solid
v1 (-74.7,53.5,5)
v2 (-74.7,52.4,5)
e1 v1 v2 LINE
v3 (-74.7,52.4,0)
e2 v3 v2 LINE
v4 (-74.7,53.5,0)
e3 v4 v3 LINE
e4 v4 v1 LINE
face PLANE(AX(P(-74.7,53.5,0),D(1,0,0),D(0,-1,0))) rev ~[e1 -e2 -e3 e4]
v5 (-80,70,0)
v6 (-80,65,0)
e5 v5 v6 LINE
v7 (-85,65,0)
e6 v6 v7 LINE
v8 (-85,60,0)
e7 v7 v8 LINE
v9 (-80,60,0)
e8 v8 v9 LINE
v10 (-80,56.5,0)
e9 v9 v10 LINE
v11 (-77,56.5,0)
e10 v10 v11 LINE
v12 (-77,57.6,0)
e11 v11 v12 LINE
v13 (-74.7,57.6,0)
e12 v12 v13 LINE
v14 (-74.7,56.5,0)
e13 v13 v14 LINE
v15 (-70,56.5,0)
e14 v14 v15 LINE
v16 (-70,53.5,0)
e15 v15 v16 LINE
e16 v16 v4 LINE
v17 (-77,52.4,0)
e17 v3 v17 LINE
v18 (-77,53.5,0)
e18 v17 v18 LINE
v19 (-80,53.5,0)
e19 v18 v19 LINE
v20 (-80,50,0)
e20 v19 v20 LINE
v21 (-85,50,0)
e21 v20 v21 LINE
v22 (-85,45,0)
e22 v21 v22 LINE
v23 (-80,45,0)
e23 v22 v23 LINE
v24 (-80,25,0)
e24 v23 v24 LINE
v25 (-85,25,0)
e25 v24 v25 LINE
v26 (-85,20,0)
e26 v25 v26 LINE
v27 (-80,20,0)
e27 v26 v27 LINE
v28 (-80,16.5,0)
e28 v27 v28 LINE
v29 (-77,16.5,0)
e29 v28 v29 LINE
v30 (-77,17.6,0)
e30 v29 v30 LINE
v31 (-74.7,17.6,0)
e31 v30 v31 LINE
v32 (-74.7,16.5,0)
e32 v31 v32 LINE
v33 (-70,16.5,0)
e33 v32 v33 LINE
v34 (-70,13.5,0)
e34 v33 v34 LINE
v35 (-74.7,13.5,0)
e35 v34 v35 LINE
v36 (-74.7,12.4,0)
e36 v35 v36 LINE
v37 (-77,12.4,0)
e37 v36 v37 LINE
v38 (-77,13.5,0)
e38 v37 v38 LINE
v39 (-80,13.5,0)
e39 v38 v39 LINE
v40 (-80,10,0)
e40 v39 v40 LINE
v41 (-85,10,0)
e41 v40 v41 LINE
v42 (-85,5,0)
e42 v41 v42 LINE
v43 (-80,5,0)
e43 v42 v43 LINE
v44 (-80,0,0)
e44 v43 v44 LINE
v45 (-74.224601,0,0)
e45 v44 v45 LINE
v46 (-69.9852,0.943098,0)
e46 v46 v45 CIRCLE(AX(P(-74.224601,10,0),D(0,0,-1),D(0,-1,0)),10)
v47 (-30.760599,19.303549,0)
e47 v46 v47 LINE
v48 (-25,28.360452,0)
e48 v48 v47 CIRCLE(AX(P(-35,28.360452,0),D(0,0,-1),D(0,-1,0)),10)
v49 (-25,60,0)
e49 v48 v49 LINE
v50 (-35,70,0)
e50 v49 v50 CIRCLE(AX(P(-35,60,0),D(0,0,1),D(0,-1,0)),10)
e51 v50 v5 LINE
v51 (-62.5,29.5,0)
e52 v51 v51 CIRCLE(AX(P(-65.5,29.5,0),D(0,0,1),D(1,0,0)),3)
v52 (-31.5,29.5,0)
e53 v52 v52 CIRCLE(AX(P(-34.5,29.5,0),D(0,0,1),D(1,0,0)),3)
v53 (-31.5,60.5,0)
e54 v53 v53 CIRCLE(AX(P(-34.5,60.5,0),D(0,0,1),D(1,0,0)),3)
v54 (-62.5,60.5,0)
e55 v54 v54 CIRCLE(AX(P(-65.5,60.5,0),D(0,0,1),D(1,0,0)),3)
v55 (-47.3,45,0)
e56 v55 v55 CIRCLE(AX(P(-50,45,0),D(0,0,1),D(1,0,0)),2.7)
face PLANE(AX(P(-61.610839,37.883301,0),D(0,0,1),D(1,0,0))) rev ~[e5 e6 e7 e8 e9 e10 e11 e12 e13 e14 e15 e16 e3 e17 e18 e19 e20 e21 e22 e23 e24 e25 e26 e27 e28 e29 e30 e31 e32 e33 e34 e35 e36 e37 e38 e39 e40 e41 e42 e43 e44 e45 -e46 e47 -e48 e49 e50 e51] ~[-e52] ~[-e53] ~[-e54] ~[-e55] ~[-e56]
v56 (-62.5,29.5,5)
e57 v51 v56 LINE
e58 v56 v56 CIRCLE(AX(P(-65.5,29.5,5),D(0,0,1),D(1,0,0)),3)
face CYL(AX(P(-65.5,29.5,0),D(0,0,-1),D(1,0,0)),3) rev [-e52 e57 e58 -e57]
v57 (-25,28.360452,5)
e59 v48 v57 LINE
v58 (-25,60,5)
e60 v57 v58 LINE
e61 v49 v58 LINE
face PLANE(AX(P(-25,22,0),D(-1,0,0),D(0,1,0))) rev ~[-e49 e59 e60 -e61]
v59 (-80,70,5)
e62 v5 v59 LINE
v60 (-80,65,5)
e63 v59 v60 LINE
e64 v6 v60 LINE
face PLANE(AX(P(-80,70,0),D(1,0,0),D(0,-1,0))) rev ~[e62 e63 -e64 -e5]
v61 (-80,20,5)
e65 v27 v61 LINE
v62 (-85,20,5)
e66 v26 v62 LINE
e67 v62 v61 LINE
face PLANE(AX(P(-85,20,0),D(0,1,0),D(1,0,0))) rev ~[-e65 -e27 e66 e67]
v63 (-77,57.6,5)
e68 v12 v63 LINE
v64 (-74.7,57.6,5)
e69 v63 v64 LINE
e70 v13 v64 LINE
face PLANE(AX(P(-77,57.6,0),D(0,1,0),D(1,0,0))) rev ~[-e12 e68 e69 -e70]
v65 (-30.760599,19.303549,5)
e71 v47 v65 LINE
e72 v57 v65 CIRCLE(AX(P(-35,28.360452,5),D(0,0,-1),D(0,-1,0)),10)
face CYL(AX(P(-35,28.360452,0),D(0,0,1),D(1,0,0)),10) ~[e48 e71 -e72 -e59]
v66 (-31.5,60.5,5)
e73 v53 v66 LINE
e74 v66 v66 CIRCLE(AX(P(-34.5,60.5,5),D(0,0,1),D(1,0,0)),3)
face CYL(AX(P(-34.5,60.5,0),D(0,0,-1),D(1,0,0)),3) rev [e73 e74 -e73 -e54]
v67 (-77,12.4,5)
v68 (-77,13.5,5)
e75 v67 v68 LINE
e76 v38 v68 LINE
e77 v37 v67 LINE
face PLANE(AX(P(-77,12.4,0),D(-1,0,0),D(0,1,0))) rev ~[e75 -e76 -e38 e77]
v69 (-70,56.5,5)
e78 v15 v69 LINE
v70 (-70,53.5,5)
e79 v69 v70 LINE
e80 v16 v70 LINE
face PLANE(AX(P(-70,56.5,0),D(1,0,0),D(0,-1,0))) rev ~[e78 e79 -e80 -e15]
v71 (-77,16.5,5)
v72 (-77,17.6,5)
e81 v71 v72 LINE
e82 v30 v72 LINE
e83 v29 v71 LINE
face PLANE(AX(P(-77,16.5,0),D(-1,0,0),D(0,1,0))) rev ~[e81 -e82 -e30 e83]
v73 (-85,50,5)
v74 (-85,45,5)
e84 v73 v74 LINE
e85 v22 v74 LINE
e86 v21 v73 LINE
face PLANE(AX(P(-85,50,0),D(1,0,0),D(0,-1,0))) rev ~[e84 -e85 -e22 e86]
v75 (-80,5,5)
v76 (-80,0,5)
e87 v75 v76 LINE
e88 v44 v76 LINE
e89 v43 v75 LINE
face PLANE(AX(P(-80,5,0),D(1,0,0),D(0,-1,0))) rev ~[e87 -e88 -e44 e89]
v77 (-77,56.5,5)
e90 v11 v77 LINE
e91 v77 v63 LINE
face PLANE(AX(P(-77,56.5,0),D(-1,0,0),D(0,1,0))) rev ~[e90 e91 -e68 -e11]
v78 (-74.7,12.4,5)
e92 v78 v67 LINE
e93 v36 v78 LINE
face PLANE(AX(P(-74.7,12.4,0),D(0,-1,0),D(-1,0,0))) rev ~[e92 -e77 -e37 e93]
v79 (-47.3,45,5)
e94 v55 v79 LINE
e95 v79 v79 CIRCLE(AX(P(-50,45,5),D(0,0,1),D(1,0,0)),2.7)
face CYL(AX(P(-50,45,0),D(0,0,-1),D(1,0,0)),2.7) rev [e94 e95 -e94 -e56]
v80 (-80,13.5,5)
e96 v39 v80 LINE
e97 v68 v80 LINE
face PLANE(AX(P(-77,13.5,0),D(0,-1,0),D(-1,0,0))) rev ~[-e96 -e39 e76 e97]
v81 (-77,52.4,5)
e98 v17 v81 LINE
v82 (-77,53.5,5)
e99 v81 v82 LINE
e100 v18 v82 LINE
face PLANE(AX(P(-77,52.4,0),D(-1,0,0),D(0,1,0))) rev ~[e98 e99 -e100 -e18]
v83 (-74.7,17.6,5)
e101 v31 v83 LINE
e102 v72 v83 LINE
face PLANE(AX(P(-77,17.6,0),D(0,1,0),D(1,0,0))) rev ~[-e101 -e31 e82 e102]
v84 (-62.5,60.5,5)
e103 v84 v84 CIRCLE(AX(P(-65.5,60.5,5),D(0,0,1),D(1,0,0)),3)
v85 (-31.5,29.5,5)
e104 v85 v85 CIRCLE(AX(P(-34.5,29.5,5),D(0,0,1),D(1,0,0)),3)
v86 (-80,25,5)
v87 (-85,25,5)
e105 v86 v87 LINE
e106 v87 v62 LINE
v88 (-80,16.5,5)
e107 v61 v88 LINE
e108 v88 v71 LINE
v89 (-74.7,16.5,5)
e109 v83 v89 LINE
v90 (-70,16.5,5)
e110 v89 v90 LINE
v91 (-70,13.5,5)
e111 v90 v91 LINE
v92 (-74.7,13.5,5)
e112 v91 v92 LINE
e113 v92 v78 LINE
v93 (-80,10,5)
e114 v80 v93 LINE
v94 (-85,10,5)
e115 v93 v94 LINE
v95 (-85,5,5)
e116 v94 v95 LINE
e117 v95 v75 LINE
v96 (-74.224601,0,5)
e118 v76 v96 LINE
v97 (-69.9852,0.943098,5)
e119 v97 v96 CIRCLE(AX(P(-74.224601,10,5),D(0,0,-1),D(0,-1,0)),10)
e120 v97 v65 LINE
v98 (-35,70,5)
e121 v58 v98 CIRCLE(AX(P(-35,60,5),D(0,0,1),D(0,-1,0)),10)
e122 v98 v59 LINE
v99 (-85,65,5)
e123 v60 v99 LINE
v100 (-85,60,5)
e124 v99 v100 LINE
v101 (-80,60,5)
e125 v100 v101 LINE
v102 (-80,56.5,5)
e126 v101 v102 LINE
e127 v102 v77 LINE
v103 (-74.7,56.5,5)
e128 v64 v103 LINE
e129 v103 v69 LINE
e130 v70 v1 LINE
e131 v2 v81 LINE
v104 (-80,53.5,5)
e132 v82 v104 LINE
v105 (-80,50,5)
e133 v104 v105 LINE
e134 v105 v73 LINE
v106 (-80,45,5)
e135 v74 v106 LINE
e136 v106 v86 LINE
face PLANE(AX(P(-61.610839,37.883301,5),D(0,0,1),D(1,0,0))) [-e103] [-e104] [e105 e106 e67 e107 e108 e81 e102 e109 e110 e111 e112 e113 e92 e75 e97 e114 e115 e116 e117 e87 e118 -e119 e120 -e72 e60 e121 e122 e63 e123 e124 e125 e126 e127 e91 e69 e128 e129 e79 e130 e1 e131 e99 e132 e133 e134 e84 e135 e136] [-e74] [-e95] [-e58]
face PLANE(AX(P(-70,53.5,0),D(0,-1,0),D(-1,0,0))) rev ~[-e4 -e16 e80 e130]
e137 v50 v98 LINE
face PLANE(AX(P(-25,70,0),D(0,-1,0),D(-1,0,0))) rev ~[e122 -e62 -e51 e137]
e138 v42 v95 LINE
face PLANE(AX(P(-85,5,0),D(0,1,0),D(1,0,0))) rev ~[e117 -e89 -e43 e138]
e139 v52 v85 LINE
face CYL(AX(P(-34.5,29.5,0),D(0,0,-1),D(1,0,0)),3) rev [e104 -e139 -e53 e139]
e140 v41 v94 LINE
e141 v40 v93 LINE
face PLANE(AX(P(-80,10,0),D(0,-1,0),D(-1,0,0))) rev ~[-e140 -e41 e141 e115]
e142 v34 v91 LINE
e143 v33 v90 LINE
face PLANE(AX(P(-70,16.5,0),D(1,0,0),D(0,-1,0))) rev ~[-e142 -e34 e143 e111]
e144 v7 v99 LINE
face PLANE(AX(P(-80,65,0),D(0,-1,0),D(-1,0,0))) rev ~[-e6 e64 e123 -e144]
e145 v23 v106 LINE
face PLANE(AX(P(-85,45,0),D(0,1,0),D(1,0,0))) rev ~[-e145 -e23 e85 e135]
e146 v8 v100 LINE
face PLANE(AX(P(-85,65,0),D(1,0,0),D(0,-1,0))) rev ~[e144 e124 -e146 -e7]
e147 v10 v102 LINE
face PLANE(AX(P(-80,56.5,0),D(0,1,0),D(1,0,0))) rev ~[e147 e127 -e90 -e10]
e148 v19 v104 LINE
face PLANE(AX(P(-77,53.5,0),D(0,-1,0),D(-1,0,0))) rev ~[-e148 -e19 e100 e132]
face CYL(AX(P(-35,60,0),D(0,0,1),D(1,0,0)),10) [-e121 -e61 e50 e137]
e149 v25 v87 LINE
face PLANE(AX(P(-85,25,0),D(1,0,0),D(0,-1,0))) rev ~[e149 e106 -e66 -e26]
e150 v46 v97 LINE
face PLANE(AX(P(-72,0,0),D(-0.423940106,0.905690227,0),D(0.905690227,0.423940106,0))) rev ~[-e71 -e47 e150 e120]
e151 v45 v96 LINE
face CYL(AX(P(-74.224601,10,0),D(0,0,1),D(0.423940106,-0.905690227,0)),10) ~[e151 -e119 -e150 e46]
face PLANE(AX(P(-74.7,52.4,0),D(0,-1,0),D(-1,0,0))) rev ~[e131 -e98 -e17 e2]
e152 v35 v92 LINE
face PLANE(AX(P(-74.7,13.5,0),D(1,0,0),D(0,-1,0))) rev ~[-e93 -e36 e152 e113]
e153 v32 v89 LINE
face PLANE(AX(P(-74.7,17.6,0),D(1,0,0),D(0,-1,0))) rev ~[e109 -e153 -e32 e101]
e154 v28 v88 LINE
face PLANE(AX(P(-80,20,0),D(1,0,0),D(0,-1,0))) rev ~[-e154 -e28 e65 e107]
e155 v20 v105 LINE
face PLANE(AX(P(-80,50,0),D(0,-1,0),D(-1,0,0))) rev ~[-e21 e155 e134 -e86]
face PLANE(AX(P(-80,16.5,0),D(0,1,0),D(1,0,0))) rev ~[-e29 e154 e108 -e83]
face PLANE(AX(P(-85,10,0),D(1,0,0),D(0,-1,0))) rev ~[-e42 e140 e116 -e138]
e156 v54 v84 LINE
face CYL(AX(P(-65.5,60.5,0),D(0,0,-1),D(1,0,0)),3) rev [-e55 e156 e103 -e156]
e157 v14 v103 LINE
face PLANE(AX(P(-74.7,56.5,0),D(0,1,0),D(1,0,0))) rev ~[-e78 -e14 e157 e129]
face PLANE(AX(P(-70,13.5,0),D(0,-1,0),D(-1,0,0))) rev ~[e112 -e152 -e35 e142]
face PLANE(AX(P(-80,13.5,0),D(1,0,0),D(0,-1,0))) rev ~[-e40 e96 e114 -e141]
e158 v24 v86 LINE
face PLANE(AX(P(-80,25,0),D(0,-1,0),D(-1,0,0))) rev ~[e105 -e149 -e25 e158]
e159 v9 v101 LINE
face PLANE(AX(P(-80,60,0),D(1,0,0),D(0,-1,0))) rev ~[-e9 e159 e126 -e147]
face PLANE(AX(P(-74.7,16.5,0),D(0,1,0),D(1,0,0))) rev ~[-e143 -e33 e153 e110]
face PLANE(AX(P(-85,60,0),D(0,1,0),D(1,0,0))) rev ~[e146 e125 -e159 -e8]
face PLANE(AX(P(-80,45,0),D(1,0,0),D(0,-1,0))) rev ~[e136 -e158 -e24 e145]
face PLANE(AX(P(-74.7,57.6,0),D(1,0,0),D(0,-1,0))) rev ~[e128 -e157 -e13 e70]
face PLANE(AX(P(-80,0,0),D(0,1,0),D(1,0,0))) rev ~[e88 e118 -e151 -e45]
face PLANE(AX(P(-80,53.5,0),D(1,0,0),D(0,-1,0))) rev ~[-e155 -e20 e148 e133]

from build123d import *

# Parameters (mm, degrees)
SKETCH1_R           = 3
SKETCH1_R_2         = 2.7
BOSS_EXTRUDE1_DEPTH = 5
FILLET1_R           = 10


with BuildPart() as part:
    # Sketch1 → Boss-Extrude1 (new body)
    with BuildSketch(Plane.XY):
        Polygon((-25, 22), (-25, 70), (-80, 70), (-80, 65), (-85, 65), (-85, 60), (-80, 60), (-80, 56.5), (-77, 56.5), (-77, 57.6), (-74.7, 57.6), (-74.7, 56.5), (-70, 56.5), (-70, 53.5), (-74.7, 53.5), (-74.7, 52.4), (-77, 52.4), (-77, 53.5), (-80, 53.5), (-80, 50), (-85, 50), (-85, 45), (-80, 45), (-80, 25), (-85, 25), (-85, 20), (-80, 20), (-80, 16.5), (-77, 16.5), (-77, 17.6), (-74.7, 17.6), (-74.7, 16.5), (-70, 16.5), (-70, 13.5), (-74.7, 13.5), (-74.7, 12.4), (-77, 12.4), (-77, 13.5), (-80, 13.5), (-80, 10), (-85, 10), (-85, 5), (-80, 5), (-80, 0), (-72, 0), align=None)
        with Locations((-65.5, 29.5)):
            Circle(SKETCH1_R, mode=Mode.SUBTRACT)
        with Locations((-34.5, 29.5)):
            Circle(SKETCH1_R, mode=Mode.SUBTRACT)
        with Locations((-50, 45)):
            Circle(SKETCH1_R_2, mode=Mode.SUBTRACT)
        with Locations((-65.5, 60.5)):
            Circle(SKETCH1_R, mode=Mode.SUBTRACT)
        with Locations((-34.5, 60.5)):
            Circle(SKETCH1_R, mode=Mode.SUBTRACT)
    extrude(amount=BOSS_EXTRUDE1_DEPTH)

    # Fillet1
    fillet1_edges = [part.edges().sort_by_distance(p)[0] for p in [
        (-72, 0, 2.5),
        (-25, 70, 2.5),
        (-25, 22, 2.5),
    ]]
    fillet(fillet1_edges, radius=FILLET1_R)


solid = part.part
